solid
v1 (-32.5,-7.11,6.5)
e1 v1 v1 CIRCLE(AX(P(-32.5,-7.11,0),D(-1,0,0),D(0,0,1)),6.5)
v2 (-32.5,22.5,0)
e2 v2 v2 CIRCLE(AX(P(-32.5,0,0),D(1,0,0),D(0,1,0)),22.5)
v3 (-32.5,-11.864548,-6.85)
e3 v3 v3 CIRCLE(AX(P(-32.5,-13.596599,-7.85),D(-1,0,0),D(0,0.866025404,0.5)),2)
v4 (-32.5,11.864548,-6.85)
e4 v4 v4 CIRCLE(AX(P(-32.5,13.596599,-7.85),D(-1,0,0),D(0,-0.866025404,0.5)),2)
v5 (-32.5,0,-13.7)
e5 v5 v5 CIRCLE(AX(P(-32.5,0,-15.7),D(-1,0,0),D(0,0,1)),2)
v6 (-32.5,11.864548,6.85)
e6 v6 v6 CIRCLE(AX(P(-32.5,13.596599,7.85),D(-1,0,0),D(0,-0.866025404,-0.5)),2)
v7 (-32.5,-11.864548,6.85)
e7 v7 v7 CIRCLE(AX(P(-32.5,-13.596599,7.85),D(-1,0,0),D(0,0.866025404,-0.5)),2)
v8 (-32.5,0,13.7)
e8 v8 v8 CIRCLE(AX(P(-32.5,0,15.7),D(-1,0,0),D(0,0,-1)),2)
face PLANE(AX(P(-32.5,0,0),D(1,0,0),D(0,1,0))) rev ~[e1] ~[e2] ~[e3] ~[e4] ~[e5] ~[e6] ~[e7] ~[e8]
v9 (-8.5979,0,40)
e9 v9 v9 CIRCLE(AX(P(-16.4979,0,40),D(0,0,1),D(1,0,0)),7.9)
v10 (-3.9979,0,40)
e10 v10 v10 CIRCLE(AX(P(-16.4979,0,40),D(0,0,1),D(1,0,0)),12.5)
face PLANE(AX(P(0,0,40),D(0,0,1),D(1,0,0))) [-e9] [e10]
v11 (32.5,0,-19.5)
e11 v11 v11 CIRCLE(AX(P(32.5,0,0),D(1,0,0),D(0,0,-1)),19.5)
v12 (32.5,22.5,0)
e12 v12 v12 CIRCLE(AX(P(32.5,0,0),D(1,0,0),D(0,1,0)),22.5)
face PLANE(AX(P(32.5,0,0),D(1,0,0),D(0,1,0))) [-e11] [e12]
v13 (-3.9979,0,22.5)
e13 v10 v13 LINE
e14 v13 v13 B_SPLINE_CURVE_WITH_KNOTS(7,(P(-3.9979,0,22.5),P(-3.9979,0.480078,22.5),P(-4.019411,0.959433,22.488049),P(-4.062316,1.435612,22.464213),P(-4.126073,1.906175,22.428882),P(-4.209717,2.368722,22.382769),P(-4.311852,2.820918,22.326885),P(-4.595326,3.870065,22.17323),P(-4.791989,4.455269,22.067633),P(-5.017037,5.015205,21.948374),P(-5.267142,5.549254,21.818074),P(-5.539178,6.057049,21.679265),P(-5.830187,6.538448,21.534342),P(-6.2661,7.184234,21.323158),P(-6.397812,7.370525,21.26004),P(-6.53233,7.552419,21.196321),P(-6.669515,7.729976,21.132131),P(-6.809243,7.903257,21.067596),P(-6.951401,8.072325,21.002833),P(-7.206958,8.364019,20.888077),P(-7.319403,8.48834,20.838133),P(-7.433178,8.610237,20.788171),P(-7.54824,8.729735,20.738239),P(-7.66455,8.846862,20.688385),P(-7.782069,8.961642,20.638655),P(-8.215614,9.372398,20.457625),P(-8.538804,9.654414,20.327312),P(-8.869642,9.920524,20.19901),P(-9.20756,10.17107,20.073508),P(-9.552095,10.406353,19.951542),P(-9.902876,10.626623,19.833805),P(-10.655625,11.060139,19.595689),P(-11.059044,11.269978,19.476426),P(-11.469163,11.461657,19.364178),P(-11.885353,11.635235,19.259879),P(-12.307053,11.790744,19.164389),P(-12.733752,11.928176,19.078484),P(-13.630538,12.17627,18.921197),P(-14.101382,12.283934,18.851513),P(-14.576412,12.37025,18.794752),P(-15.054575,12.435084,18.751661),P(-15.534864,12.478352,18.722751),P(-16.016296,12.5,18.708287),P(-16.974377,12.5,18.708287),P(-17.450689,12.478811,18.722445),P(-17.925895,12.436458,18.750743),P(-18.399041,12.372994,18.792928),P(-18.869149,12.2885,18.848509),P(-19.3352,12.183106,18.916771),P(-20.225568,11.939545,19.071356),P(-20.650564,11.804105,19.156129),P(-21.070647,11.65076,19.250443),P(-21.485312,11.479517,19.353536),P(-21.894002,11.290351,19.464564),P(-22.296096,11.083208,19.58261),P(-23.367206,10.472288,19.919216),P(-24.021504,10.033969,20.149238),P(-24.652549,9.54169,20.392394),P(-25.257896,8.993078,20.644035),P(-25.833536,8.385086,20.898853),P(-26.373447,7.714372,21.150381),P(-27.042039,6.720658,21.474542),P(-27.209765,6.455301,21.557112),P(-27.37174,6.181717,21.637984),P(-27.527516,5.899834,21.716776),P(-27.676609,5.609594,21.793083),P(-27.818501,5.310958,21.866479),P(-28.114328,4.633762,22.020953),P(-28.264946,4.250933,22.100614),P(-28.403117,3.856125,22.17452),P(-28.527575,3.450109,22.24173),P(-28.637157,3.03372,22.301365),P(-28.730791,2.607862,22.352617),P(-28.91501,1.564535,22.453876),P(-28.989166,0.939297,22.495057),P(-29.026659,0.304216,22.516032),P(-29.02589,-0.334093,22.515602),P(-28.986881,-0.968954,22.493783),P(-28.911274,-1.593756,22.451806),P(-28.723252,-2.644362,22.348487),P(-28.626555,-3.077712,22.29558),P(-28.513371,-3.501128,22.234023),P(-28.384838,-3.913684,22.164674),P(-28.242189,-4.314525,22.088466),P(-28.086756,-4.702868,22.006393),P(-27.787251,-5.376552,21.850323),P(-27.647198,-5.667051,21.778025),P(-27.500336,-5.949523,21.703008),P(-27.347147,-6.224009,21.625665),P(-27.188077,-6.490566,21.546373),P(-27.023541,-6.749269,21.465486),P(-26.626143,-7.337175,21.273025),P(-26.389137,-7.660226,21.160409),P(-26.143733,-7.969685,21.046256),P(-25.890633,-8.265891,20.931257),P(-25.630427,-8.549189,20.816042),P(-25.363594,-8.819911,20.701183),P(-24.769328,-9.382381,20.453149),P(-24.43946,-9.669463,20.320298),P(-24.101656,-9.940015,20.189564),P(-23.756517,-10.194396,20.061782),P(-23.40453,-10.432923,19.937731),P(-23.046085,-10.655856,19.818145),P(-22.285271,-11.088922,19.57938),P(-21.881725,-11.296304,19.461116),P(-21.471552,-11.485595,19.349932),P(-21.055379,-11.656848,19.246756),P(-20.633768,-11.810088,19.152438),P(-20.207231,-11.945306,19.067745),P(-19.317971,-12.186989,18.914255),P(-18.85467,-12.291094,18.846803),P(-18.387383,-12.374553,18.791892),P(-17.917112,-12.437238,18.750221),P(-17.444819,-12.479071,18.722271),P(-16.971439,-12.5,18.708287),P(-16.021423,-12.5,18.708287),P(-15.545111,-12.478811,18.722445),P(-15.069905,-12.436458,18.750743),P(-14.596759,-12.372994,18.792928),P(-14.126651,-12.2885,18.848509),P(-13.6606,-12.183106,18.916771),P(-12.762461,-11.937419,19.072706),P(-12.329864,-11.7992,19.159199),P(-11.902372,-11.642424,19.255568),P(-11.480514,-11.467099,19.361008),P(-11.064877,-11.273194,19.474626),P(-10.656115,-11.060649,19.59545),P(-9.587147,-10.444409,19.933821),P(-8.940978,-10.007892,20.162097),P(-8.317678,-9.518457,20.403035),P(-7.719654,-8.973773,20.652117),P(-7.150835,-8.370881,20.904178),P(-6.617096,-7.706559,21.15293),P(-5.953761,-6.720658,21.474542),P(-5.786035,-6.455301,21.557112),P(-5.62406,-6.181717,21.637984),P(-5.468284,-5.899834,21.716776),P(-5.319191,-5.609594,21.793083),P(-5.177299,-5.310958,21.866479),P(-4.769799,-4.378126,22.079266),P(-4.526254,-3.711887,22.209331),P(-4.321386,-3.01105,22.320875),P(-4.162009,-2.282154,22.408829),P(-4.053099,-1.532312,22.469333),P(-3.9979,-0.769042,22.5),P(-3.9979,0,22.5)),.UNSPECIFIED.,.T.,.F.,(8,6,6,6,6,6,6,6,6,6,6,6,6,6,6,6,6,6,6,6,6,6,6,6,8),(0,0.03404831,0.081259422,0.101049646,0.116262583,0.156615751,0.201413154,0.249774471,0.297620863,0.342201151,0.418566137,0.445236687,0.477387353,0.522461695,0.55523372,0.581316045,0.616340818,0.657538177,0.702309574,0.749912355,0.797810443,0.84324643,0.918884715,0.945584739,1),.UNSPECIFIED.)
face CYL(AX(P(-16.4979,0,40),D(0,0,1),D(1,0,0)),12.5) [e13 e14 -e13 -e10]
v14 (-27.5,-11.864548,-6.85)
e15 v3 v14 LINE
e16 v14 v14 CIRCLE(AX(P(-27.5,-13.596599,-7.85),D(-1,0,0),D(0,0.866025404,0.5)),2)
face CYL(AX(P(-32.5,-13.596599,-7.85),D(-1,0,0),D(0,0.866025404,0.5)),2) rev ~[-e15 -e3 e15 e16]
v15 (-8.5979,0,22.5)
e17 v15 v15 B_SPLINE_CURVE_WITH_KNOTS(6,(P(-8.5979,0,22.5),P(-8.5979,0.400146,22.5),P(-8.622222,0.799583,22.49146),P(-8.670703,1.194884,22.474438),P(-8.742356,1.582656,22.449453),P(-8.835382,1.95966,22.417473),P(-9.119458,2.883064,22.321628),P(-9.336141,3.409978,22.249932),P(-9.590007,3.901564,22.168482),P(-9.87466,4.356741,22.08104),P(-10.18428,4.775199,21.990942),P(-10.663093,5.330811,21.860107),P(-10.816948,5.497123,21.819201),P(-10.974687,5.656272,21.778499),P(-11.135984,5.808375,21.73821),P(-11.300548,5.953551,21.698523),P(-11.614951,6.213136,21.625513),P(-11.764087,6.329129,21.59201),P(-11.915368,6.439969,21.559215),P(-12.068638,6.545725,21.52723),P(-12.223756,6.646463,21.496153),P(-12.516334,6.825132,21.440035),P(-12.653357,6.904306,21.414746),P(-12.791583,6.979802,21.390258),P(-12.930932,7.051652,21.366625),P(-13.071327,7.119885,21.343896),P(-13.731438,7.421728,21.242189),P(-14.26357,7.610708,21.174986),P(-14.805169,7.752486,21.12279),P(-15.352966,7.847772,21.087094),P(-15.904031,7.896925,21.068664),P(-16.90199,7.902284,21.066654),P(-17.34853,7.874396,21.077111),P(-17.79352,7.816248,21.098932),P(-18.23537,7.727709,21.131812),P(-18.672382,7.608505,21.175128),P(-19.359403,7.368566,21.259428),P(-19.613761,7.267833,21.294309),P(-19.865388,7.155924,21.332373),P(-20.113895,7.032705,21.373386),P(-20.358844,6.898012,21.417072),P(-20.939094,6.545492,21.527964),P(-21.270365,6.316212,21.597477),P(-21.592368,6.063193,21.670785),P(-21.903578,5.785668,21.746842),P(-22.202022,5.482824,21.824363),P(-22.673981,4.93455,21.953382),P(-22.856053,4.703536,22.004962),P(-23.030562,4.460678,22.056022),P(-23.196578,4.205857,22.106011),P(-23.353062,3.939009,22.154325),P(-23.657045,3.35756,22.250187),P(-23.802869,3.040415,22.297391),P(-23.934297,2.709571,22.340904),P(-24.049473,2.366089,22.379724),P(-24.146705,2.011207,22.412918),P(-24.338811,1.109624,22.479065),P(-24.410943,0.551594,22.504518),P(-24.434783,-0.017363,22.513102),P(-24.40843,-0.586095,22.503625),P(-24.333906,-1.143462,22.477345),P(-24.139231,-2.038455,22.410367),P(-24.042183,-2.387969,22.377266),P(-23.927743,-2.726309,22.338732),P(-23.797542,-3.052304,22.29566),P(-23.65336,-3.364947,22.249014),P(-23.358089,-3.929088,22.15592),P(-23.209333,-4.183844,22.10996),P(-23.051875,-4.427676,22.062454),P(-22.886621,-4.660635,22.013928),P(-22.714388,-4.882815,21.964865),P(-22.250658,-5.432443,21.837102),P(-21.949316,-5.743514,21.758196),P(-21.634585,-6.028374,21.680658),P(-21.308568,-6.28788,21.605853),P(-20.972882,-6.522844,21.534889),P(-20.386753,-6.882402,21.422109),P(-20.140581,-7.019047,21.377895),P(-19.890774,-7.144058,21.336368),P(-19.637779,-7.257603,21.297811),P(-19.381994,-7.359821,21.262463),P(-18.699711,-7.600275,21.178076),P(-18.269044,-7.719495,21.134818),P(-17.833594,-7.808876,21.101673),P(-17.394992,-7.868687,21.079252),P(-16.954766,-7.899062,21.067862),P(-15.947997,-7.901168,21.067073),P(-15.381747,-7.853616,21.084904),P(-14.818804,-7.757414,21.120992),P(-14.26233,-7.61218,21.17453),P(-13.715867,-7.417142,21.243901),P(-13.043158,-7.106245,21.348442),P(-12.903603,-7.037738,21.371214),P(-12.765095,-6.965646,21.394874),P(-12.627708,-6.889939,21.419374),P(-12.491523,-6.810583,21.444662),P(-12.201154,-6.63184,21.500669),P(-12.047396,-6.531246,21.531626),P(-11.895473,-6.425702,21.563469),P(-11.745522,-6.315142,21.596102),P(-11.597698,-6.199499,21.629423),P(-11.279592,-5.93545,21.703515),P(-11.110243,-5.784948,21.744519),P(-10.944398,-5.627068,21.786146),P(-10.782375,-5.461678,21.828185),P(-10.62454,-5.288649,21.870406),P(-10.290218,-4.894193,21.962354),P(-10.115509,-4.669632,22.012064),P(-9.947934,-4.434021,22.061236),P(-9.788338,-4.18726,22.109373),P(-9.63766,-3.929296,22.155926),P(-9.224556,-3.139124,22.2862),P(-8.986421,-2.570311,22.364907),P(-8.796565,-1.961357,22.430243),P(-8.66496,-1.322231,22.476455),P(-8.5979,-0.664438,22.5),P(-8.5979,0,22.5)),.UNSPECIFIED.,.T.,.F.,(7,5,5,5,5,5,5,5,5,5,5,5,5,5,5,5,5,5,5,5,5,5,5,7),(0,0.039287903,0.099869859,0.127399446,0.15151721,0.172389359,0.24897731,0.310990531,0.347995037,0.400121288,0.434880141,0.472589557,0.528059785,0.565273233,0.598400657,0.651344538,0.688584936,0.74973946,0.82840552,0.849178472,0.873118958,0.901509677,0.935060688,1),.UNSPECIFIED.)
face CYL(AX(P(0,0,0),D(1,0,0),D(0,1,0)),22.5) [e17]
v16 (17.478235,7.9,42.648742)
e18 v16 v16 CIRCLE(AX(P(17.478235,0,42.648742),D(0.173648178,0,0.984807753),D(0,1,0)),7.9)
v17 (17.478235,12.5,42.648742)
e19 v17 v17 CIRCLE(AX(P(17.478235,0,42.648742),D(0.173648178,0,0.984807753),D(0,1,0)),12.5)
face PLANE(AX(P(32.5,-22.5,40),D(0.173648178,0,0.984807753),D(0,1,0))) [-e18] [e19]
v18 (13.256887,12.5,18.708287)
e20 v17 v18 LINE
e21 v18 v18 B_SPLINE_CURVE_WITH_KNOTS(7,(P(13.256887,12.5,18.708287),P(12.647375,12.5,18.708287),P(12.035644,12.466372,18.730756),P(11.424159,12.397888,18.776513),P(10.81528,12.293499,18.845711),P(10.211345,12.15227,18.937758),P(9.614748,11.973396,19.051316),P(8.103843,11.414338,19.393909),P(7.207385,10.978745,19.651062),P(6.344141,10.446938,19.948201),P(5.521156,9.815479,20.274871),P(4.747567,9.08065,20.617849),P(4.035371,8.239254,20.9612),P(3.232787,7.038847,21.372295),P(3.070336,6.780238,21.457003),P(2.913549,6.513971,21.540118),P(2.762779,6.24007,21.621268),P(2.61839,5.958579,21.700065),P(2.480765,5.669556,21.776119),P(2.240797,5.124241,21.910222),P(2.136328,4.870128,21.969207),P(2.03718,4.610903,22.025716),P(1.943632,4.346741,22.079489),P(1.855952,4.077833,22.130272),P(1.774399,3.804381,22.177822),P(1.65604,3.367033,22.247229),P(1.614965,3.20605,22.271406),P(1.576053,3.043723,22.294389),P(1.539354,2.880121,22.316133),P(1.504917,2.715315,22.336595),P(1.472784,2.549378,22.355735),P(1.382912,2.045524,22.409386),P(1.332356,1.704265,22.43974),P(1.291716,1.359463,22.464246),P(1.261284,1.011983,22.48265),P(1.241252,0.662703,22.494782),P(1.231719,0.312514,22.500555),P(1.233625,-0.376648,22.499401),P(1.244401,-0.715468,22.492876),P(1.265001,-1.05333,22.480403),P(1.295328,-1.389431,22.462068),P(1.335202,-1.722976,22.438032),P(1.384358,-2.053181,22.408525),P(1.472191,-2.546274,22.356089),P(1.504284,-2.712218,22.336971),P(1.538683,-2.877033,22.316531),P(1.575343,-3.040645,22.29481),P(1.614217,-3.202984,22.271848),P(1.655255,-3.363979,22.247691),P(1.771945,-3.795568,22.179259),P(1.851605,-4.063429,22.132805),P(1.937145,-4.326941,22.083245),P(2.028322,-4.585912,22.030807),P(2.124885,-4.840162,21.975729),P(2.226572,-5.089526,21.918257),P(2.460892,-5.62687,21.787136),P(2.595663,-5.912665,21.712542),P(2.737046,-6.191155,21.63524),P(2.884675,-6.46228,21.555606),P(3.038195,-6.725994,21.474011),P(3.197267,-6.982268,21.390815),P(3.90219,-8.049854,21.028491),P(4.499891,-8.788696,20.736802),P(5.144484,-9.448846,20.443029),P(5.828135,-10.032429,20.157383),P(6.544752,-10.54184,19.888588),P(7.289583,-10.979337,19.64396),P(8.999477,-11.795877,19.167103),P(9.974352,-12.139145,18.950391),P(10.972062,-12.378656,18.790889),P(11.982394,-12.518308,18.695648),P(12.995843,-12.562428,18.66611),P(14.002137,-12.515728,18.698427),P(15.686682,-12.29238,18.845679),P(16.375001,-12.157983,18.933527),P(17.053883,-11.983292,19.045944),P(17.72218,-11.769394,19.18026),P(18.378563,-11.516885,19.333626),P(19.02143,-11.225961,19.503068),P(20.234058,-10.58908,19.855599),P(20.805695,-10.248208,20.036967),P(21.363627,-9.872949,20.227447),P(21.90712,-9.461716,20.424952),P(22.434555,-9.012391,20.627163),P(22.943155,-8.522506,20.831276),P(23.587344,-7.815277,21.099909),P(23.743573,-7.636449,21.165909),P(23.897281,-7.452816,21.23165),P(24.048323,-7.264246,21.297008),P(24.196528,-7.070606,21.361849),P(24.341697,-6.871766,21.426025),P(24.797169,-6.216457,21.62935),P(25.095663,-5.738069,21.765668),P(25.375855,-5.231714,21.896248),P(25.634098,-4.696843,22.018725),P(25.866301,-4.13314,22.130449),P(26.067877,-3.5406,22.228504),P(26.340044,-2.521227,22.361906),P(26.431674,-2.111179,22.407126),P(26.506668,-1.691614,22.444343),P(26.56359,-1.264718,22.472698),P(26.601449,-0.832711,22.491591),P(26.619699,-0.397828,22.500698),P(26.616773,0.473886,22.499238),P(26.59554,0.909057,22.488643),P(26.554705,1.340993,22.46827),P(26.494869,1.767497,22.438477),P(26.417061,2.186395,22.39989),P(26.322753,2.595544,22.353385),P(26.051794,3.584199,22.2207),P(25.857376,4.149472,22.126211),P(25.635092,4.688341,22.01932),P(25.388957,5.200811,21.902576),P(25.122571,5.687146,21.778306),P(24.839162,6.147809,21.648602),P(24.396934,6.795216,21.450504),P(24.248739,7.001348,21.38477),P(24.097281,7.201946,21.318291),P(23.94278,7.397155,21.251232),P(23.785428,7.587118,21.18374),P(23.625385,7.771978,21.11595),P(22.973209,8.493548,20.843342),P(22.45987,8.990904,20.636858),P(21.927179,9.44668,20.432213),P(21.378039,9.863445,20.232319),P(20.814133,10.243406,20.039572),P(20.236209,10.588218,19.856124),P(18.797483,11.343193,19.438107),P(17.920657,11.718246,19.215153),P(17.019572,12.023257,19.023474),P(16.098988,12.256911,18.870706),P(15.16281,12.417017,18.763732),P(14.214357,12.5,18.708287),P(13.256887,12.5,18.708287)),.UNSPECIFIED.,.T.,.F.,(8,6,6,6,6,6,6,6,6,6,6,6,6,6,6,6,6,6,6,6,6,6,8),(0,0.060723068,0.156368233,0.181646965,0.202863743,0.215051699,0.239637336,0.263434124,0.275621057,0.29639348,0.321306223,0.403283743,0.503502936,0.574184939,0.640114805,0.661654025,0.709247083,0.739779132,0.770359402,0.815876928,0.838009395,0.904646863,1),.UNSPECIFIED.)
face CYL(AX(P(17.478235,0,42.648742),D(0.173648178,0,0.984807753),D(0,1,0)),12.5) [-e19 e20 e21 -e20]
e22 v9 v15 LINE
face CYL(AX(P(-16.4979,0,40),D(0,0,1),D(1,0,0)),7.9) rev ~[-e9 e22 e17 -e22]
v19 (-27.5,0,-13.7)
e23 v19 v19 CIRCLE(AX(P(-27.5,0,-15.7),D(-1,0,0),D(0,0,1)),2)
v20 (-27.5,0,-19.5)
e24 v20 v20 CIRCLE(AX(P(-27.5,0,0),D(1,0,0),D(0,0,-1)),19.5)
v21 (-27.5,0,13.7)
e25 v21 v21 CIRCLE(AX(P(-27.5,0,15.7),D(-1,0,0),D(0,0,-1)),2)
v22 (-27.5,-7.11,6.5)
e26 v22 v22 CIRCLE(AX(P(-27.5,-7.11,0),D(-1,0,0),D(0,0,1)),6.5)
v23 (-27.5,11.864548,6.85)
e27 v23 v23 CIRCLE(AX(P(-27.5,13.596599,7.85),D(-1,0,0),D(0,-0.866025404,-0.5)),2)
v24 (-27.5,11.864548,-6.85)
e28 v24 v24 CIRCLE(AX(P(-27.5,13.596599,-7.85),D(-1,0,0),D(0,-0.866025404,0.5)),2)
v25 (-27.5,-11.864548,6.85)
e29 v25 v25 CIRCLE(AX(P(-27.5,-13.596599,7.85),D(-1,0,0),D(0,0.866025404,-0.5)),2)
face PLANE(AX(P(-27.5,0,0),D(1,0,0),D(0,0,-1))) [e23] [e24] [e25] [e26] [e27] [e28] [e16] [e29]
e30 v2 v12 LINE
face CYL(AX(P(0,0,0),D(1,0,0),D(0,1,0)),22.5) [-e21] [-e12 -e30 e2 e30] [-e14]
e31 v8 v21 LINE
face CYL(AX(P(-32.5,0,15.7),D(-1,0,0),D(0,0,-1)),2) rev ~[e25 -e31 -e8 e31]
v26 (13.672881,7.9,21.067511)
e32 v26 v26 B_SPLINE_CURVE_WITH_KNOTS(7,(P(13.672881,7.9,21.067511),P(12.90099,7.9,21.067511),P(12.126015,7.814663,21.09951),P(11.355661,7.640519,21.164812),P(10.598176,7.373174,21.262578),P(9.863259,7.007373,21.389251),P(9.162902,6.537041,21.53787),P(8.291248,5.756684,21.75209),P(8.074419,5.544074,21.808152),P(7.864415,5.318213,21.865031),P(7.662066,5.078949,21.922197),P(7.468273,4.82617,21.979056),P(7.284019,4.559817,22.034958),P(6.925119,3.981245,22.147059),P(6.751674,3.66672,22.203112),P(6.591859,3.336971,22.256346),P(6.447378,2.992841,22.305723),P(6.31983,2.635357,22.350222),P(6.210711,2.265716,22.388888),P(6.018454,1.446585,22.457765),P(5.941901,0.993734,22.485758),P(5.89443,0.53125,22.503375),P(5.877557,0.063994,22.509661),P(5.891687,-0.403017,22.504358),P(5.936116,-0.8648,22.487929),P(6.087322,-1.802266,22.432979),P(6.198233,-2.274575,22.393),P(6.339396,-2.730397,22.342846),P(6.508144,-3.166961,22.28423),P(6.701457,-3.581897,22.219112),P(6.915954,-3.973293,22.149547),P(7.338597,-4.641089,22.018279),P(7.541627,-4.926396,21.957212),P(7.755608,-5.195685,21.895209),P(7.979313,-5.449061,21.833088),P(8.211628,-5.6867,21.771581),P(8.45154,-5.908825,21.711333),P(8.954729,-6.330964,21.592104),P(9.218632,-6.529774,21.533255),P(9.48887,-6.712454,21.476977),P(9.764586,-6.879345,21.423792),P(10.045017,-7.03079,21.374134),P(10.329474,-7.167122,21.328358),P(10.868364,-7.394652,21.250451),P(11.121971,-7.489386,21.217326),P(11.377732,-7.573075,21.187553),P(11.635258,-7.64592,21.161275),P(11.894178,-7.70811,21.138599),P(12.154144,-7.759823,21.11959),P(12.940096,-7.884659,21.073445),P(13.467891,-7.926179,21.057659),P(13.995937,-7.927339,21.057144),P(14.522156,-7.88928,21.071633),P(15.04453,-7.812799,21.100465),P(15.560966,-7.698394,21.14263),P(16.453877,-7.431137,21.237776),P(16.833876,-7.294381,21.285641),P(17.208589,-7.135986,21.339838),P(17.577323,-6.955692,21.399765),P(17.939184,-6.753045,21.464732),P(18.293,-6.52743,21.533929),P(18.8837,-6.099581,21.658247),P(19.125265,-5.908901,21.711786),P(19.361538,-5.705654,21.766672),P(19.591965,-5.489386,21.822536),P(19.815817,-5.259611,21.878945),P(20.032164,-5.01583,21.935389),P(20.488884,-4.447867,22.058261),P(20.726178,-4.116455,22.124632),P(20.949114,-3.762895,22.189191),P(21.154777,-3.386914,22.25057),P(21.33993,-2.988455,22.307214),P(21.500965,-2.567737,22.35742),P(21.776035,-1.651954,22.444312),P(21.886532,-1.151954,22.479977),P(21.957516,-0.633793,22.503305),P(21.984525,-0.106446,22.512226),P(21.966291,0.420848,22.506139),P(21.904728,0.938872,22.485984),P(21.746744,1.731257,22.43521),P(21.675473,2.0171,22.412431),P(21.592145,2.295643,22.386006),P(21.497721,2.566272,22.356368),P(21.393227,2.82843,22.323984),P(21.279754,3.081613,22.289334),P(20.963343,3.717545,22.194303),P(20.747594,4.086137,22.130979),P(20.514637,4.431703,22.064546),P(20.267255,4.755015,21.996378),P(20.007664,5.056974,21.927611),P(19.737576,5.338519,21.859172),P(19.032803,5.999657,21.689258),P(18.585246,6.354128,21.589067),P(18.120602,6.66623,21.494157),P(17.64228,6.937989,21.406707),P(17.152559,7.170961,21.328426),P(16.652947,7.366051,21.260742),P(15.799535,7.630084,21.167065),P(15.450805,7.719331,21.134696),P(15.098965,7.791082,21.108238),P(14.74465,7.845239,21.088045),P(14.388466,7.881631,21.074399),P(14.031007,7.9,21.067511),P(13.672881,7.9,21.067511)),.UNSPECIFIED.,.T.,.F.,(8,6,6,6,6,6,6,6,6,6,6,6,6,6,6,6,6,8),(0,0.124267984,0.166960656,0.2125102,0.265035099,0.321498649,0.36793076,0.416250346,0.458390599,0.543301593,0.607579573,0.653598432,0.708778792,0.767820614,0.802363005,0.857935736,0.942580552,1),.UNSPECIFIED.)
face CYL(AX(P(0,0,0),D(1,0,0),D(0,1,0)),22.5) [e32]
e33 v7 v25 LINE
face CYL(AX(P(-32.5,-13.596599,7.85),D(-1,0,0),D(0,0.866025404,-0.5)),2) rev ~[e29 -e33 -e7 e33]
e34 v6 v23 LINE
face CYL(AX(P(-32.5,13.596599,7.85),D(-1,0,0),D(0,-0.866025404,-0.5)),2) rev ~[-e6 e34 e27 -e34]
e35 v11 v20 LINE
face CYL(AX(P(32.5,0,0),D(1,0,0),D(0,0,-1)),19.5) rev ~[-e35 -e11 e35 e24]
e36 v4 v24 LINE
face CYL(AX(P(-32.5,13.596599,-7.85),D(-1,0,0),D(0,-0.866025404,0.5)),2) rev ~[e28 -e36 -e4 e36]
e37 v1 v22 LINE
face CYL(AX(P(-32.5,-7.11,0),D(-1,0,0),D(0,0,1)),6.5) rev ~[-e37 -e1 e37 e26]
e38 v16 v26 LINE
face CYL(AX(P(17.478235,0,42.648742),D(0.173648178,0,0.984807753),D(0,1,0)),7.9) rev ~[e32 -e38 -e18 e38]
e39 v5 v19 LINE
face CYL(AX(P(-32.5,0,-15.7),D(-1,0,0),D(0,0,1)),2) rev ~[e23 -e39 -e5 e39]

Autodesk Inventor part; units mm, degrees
ref_plane "YZ Plane" through (0, 0, 0) normal (1, 0, 0) x (0, 1, 0)
sketch "Sketch2" plane through (0, 0, 0) normal (1, 0, 0) x (0, 1, 0)
  circle A0 centre (0, 0) radius 19.5
  circle A1 centre (0, 0) radius 22.5
  dimension "d0" = 39
  dimension "d1" = 45
extrude "Extrusion1" add sketch "Sketch2" along normal mid plane 65 contours A0 | A1
sketch "Sketch3" plane through (32.5, 0, 0) normal (1, 0, 0) x (0, 0, -1)
  circle A0 centre (0, 0) radius 19.5
  dimension "d4" = 39
extrude "Extrusion2" cut sketch "Sketch3" against normal blind 60
sketch "Sketch4" plane through (-32.5, 0, 0) normal (-1, 0, 0) x (0, 0, 1)
  circle A0 centre (-15.7, 0) radius 2
  point P0 (0, 0)
  point P1 (0, 0)
  dimension "d7" = 4
  dimension "d45" = 15.7
extrude "Extrusion3" cut sketch "Sketch4" against normal blind 5
pattern_circular "Circular Pattern1" count 6 over 360 about axis through (-10, 0, 0) along (1, 0, 0) of "Extrusion3"
sketch "Sketch5" plane through (-32.5, 0, 0) normal (-1, 0, 0) x (0, 0, 1)
  circle A0 centre (0, -7.11) radius 6.5
  point P0 (0, 0)
  dimension "d13" = 13
extrude "Extrusion4" cut sketch "Sketch5" against normal blind 5
ref_plane "Work Plane1" through (0, 0, 40) normal (0, 0, 1) x (1, 0, 0)
sketch "Sketch6" plane through (0, 0, 40) normal (0, 0, 1) x (1, 0, 0)
  circle A0 centre (-16.4979, 0) radius 12.5
  circle A1 centre (-16.4979, 0) radius 7.9
  point P0 (0, 0)
  dimension "d17" = 25
  dimension "d18" = 15.8
extrude "Extrusion5" add sketch "Sketch6" against normal up to surface
sketch "Sketch7" plane through (0, 0, 40) normal (0, 0, 1) x (1, 0, 0)
  line L0 (32.5, -22.5) -> (32.5, 22.5) projected
  point P0 (0, 0)
ref_plane "Work Plane2" through (32.5, -22.5, 40) normal (0.1736, 0, 0.9848) x (0, 1, 0)
sketch "Sketch8" plane through (32.5, -22.5, 40) normal (0.1736, 0, 0.9848) x (0, 1, 0)
  circle A0 centre (22.5, 15.2535) radius 12.5
  circle A1 centre (22.5, 15.2535) radius 7.9
  ellipse E0 centre (22.5, 48.2535) end of major axis (30.4, 48.2535) minor radius 7.78 projected
  point P0 (22.5, 25.0603)
  dimension "d22" = 25
  dimension "d23" = 15.8
  dimension "d26" = 33
extrude "Extrusion6" add sketch "Sketch8" against normal up to surface contours A0
sketch "Sketch9" plane through (-32.5, 0, 0) normal (-1, 0, 0) x (0, 0, 1)
  circle A0 centre (0, -7.11) radius 6.5 projected
  circle A1 centre (-7.85, -13.5966) radius 2 projected
  circle A2 centre (7.85, -13.5966) radius 2 projected
  circle A3 centre (15.7, 0) radius 2 projected
  circle A4 centre (7.85, 13.5966) radius 2 projected
  circle A5 centre (-7.85, 13.5966) radius 2 projected
  circle A6 centre (-15.7, 0) radius 2 projected
  circle A7 centre (0, 0) radius 22.5 projected
properties part number "SoporteMotor" material "PLA"
